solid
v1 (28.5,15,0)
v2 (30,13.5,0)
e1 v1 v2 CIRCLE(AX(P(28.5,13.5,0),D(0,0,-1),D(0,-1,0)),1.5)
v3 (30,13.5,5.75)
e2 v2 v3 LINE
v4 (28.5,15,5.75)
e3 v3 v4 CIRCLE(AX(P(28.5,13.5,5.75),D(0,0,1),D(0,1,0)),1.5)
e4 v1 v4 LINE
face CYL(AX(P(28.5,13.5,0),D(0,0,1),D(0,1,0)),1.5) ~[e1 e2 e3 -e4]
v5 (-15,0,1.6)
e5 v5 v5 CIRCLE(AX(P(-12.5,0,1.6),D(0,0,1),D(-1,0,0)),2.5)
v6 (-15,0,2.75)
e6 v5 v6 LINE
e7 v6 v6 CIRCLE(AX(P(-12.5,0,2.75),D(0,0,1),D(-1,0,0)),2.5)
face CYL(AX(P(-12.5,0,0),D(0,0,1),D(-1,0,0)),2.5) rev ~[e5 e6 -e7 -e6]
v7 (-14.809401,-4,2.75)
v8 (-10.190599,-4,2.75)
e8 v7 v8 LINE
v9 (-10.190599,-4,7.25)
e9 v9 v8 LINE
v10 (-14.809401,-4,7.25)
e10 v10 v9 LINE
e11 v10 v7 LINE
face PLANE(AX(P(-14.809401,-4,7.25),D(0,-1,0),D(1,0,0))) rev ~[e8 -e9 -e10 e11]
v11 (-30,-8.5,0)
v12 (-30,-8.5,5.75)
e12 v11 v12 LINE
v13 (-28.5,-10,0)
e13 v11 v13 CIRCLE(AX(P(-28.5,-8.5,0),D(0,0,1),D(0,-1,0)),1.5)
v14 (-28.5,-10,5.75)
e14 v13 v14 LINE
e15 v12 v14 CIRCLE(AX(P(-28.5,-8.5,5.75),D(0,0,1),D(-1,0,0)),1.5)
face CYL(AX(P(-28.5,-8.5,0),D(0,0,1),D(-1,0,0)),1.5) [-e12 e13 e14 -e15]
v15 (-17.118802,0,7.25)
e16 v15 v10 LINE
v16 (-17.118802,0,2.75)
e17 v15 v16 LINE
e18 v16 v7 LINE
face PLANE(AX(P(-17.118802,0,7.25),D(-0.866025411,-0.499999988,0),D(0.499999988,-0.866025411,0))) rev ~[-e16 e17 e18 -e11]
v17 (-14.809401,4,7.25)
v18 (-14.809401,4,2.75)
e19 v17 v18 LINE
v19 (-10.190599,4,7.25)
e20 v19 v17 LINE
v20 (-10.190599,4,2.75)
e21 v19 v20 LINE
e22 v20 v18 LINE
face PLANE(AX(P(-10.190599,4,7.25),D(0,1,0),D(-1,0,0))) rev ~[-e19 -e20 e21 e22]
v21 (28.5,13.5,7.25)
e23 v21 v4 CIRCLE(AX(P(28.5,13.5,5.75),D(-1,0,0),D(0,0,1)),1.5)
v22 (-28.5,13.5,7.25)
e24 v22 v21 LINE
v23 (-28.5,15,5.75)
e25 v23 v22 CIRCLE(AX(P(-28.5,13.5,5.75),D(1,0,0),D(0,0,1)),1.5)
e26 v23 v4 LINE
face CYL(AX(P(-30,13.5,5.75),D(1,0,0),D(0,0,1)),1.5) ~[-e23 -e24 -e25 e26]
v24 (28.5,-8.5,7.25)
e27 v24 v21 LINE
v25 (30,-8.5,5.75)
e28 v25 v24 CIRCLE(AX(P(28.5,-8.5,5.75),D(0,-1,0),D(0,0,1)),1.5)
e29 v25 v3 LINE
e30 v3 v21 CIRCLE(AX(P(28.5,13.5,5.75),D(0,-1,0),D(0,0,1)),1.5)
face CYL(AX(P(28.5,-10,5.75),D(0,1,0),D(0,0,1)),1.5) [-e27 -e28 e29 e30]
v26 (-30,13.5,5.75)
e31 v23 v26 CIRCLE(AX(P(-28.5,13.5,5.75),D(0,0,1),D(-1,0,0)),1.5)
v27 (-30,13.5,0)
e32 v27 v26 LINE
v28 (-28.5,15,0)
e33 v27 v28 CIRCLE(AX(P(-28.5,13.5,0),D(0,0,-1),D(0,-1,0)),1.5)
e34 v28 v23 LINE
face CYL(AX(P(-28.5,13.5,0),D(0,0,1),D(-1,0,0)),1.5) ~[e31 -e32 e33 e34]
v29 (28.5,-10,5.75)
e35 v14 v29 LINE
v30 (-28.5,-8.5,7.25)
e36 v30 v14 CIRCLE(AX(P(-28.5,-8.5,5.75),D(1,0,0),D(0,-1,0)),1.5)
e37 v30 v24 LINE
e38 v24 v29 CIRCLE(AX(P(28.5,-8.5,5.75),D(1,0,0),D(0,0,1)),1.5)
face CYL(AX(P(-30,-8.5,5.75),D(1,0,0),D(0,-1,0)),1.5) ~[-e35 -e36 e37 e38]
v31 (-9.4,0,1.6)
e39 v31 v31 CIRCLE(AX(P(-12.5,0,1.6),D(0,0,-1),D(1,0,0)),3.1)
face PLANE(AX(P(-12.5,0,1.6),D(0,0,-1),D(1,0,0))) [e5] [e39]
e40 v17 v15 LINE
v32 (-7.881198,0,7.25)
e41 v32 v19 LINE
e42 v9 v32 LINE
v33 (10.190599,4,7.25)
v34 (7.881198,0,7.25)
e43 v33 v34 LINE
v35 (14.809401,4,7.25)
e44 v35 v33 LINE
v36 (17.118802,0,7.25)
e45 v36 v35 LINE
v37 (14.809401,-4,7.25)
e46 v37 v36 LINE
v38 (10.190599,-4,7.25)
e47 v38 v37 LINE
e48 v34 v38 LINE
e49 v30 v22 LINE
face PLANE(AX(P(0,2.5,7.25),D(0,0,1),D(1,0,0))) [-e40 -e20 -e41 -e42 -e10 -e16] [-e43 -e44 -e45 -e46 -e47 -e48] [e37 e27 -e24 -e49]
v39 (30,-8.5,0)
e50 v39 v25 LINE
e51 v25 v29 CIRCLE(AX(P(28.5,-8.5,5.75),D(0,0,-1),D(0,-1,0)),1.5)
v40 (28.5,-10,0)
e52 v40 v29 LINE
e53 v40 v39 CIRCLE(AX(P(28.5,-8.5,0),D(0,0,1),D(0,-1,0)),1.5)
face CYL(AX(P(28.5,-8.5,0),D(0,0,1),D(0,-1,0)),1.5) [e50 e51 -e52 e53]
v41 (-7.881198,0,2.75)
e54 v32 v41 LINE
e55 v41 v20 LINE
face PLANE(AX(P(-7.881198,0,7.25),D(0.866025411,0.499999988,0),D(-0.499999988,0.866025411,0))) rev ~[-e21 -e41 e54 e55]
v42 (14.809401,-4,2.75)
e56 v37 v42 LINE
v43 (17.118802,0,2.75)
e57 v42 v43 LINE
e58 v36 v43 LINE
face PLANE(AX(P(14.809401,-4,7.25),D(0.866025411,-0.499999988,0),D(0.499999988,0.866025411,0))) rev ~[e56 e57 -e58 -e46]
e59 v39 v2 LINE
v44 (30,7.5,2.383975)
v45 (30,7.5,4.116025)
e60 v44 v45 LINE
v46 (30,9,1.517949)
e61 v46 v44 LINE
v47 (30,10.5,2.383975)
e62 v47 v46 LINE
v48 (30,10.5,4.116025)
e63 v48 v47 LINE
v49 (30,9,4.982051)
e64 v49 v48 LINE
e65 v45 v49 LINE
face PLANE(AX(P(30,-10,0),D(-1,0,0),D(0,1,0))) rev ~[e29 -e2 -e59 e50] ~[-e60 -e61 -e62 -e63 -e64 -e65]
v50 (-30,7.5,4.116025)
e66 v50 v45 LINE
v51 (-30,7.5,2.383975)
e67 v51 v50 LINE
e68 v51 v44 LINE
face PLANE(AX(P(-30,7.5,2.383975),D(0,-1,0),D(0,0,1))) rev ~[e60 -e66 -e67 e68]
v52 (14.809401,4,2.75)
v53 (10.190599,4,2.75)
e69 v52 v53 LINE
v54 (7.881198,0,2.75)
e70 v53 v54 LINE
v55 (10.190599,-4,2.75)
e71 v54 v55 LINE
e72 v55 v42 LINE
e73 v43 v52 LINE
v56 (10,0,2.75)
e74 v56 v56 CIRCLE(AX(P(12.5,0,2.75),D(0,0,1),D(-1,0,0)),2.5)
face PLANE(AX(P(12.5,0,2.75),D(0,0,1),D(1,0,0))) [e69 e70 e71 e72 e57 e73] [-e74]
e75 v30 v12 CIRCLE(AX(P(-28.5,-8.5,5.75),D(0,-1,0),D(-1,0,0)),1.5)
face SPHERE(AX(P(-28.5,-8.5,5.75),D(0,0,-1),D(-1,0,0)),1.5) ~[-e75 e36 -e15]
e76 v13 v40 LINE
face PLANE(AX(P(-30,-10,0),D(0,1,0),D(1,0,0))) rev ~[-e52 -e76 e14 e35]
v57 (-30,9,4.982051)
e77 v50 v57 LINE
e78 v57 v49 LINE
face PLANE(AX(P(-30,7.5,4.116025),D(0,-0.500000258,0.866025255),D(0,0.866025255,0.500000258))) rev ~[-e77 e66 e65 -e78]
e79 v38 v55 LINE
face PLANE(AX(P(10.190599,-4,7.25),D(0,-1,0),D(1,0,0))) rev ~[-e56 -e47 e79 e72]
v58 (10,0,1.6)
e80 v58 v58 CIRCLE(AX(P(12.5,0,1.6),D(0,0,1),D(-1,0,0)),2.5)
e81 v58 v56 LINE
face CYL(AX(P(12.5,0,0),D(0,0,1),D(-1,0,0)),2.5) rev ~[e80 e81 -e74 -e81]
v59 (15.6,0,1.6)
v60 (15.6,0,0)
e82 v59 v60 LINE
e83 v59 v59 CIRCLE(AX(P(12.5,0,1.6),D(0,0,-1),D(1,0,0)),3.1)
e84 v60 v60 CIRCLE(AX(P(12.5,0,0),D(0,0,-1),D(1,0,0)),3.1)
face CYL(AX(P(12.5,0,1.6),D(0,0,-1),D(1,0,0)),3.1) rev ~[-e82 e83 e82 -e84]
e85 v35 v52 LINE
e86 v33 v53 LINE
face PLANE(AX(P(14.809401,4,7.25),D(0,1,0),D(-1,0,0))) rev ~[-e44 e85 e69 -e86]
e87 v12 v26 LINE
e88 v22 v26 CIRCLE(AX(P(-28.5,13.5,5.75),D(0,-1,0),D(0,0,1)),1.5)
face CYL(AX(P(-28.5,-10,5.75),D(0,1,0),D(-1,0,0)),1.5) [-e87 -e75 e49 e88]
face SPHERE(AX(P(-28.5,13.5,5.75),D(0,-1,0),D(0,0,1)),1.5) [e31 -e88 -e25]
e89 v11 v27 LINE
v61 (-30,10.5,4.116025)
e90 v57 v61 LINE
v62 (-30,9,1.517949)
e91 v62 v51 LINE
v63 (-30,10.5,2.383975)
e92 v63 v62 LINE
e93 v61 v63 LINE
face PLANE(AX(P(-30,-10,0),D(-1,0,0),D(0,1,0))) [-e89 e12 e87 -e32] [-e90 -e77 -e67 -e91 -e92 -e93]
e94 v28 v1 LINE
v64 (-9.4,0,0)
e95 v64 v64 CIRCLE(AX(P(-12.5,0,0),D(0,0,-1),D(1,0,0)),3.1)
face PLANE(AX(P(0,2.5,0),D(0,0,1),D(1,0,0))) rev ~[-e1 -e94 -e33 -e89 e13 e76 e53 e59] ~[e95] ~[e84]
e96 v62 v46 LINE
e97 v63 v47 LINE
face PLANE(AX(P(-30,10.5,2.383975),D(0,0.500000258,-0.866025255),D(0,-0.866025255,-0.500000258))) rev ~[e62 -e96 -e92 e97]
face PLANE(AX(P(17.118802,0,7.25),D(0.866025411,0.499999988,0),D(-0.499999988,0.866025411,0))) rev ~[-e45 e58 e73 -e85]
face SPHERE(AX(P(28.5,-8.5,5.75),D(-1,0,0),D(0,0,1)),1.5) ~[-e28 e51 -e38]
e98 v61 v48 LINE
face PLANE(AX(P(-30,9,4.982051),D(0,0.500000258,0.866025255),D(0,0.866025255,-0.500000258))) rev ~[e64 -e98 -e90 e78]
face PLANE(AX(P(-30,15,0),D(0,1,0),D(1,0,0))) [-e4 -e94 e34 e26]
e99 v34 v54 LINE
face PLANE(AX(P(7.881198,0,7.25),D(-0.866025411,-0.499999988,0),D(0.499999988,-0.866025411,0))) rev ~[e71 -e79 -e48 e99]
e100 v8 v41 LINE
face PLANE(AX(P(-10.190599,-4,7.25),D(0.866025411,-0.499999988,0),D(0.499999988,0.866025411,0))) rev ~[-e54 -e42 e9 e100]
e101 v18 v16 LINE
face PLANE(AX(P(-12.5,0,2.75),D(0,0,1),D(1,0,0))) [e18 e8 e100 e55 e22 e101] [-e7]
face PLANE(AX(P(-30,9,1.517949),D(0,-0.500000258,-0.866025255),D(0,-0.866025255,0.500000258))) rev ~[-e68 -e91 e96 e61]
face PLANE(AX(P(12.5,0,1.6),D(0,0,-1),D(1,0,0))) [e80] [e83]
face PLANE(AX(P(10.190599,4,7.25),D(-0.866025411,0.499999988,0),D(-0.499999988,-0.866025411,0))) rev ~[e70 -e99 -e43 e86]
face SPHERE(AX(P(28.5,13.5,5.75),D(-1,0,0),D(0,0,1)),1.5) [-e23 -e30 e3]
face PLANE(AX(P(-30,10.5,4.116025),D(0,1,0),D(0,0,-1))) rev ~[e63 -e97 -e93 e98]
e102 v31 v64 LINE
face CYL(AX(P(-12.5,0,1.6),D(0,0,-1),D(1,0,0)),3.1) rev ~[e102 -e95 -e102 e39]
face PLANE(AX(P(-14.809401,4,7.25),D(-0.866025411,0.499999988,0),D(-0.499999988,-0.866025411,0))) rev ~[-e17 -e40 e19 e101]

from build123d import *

# Parameters (mm, degrees)
SKETCH_W         = 60
SKETCH_H         = 25
PAD_DEPTH        = 7.25
HOLE_D           = 5
HOLE_DEPTH       = 25
HOLE_CBORE_D     = 6.2
HOLE_CBORE_DEPTH = 1.6
POCKET_DEPTH     = 4.5
POCKET001_DEPTH  = 60.001
FILLET_R         = 1.5


with BuildPart() as part:
    # Sketch → Pad (new body)
    with BuildSketch(Plane.XY):
        with Locations((0, 2.5)):
            Rectangle(SKETCH_W, SKETCH_H)
    extrude(amount=PAD_DEPTH)

    # Hole
    with Locations(Plane(origin=(0, 0, 0), x_dir=(1, 0, 0), z_dir=(0, 0, -1))):
        with Locations((-12.5, 0), (12.5, 0)):
            CounterBoreHole(HOLE_D / 2, HOLE_CBORE_D / 2, HOLE_CBORE_DEPTH, depth=HOLE_DEPTH)

    # Sketch002 (on Face5 of Hole) → Pocket (cut)
    with BuildSketch(Plane.XY.offset(7.25)):
        Polygon((-10.190599, 4), (-14.809401, 4), (-17.118802, 0), (-14.809401, -4), (-10.190599, -4), (-7.881198, 0), align=None)
        Polygon((10.190599, 4), (7.881198, 0), (10.190599, -4), (14.809401, -4), (17.118802, 0), (14.809401, 4), align=None)
    extrude(amount=-POCKET_DEPTH, mode=Mode.SUBTRACT)

    # Sketch003 (on Face2 of Pocket) → Pocket001 (cut, through all)
    with BuildSketch(Plane(origin=(-30, 0, 0), x_dir=(0, -1, 0), z_dir=(-1, 0, 0))):
        Polygon((-7.5, 4.116025), (-9, 4.982051), (-10.5, 4.116025), (-10.5, 2.383975), (-9, 1.517949), (-7.5, 2.383975), align=None)
    extrude(amount=-POCKET001_DEPTH, mode=Mode.SUBTRACT)

    # Fillet
    fillet_edges = [part.edges().sort_by_distance(p)[0] for p in [
        (-30, -10, 3.625),
        (-30, 2.5, 7.25),
        (0, 15, 7.25),
        (0, -10, 7.25),
        (-30, 15, 3.625),
        (30, 2.5, 7.25),
        (30, -10, 3.625),
        (30, 15, 3.625),
    ]]
    fillet(fillet_edges, radius=FILLET_R)


solid = part.part
